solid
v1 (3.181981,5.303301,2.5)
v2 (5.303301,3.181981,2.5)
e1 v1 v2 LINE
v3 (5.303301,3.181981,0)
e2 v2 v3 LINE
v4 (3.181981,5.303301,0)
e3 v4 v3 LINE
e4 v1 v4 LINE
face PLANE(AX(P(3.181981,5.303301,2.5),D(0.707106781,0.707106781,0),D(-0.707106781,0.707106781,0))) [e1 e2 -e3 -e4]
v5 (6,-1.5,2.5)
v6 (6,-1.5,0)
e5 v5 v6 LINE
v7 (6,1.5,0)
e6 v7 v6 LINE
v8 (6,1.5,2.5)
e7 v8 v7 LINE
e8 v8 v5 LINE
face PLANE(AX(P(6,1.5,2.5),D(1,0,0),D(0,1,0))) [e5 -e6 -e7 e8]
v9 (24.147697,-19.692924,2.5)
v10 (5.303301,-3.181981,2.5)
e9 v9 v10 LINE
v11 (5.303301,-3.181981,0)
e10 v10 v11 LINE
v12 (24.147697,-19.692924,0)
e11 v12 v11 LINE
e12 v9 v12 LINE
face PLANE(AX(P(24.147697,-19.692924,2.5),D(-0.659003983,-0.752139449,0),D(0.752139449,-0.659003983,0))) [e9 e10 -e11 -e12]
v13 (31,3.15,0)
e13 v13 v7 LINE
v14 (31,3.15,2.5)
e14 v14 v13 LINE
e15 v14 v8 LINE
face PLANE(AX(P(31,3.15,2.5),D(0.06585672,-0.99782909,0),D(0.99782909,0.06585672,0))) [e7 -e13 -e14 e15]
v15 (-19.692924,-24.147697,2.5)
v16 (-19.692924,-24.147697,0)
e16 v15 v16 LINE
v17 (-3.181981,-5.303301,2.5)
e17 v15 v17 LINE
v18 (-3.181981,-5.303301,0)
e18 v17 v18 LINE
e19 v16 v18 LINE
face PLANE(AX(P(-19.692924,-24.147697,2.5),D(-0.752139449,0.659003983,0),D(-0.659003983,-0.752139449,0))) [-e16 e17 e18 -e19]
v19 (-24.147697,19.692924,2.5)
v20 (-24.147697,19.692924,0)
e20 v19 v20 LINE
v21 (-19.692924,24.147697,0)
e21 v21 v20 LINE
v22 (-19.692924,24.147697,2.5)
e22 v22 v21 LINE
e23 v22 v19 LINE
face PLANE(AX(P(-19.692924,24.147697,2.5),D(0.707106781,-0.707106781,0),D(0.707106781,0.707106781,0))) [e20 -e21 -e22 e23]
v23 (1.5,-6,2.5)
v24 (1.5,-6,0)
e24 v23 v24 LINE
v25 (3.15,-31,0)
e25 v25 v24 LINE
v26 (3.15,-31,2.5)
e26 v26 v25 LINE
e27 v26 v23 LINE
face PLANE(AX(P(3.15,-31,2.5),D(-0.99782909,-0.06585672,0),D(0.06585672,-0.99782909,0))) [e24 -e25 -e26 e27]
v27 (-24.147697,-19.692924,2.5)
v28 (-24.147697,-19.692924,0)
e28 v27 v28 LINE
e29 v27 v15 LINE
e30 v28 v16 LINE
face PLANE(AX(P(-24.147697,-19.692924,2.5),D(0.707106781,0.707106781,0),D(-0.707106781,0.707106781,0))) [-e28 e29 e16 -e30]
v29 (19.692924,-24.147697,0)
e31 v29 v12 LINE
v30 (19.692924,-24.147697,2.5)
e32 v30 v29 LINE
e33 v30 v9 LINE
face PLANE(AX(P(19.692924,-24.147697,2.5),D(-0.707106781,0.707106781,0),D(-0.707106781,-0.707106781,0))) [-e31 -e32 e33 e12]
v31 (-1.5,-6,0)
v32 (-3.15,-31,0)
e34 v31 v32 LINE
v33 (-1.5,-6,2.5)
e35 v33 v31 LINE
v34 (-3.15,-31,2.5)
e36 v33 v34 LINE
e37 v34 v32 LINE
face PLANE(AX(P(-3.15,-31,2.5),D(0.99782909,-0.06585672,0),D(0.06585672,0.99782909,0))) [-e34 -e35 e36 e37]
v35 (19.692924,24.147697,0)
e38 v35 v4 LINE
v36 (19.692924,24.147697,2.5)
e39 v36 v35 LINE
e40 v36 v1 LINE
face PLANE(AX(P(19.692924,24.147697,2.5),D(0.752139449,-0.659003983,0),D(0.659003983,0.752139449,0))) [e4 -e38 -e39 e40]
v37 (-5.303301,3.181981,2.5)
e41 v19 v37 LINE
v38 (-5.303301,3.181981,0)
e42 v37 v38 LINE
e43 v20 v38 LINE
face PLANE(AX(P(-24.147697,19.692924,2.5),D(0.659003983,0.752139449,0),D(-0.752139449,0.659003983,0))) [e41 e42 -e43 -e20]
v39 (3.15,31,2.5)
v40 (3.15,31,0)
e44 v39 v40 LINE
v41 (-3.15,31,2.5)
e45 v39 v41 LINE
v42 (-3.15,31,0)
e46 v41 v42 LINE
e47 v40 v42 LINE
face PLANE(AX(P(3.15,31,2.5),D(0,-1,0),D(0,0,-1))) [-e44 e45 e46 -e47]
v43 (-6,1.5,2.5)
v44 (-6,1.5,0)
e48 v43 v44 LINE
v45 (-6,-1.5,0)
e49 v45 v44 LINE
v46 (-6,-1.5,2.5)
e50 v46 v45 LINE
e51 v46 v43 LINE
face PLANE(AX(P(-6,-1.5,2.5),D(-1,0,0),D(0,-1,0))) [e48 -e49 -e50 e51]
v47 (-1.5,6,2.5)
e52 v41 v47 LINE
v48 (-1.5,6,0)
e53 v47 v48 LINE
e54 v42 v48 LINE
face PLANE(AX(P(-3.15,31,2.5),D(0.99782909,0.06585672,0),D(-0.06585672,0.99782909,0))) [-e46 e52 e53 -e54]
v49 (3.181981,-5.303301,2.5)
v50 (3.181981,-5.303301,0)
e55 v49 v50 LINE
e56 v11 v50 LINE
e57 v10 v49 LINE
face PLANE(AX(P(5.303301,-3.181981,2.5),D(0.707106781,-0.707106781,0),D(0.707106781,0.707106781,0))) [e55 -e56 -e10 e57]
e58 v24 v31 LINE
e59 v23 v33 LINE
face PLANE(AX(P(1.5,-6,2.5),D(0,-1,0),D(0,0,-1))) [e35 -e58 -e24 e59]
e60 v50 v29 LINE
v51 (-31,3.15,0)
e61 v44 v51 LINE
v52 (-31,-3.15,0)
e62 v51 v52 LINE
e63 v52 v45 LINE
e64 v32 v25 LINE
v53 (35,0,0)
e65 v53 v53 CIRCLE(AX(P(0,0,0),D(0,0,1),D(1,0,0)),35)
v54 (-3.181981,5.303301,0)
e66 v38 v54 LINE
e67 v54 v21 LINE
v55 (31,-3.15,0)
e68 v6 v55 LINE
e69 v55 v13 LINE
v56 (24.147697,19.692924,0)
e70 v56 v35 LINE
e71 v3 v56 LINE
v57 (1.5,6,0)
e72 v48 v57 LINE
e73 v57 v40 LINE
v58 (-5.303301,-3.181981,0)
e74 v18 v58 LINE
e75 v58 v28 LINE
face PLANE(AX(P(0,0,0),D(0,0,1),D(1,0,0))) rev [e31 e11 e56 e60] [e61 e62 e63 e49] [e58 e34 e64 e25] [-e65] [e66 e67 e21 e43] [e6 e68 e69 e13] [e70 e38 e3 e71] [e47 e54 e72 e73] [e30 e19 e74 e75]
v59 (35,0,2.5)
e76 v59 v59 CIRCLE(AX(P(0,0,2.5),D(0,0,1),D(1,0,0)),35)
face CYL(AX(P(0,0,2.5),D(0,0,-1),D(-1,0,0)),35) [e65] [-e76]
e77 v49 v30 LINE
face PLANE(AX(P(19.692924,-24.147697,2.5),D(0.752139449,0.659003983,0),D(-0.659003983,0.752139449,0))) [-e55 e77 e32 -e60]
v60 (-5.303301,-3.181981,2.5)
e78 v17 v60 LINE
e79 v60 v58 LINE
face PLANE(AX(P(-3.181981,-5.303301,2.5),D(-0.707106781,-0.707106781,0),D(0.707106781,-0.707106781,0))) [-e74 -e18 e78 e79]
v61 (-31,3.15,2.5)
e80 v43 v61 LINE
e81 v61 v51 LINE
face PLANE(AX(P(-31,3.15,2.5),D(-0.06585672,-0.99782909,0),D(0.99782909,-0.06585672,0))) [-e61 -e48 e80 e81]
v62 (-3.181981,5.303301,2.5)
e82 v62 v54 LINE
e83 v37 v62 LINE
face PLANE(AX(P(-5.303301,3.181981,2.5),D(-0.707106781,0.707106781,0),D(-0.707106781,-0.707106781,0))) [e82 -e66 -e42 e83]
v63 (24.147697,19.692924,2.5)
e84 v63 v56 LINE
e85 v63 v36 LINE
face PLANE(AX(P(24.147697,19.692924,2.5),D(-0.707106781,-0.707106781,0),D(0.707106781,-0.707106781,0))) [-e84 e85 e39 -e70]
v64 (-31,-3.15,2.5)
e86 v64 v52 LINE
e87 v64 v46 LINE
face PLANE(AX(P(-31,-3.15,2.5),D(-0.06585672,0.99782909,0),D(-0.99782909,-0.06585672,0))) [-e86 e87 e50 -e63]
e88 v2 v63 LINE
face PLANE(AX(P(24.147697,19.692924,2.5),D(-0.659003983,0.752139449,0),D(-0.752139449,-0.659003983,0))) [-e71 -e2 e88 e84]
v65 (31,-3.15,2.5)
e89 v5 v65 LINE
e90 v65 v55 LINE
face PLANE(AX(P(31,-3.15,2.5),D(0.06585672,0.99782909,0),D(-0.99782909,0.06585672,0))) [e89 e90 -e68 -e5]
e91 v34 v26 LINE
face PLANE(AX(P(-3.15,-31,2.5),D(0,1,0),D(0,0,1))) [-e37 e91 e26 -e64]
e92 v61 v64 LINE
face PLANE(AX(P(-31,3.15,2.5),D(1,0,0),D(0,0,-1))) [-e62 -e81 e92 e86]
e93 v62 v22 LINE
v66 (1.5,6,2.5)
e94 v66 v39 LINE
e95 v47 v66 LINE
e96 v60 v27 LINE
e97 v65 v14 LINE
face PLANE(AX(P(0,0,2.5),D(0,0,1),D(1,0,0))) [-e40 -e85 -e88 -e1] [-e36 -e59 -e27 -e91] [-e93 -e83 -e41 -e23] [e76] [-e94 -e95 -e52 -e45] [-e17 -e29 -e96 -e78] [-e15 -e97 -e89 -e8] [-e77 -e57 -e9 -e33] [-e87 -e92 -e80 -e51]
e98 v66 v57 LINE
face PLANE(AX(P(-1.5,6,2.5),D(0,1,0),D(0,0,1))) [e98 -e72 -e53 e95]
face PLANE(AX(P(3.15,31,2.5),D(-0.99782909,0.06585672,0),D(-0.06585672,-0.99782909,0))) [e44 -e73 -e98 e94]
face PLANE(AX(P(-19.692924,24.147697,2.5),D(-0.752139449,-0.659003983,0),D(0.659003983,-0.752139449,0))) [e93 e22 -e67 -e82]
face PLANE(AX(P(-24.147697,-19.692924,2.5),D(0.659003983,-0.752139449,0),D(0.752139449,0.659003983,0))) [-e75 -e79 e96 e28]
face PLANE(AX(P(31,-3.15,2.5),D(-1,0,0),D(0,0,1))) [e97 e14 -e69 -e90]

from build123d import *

# Parameters (mm, degrees)
SKETCH1_R           = 35
BOSS_EXTRUDE1_DEPTH = 2.5


with BuildPart() as part:
    # Sketch1 → Boss-Extrude1 (new body)
    with BuildSketch(Plane.XY):
        Circle(SKETCH1_R)
        Polygon((3.15, 31), (-3.15, 31), (-1.5, 6), (1.5, 6), align=None, mode=Mode.SUBTRACT)
        Polygon((19.692923856, 24.147696578), (3.181980515, 5.303300859), (5.303300859, 3.181980515), (24.147696578, 19.692923856), align=None, mode=Mode.SUBTRACT)
        Polygon((31, 3.15), (6, 1.5), (6, -1.5), (31, -3.15), align=None, mode=Mode.SUBTRACT)
        Polygon((24.147696578, -19.692923856), (5.303300859, -3.181980515), (3.181980515, -5.303300859), (19.692923856, -24.147696578), align=None, mode=Mode.SUBTRACT)
        Polygon((3.15, -31), (1.5, -6), (-1.5, -6), (-3.15, -31), align=None, mode=Mode.SUBTRACT)
        Polygon((-19.692923856, -24.147696578), (-3.181980515, -5.303300859), (-5.303300859, -3.181980515), (-24.147696578, -19.692923856), align=None, mode=Mode.SUBTRACT)
        Polygon((-31, -3.15), (-6, -1.5), (-6, 1.5), (-31, 3.15), align=None, mode=Mode.SUBTRACT)
        Polygon((-24.147696578, 19.692923856), (-5.303300859, 3.181980515), (-3.181980515, 5.303300859), (-19.692923856, 24.147696578), align=None, mode=Mode.SUBTRACT)
    extrude(amount=BOSS_EXTRUDE1_DEPTH)


solid = part.part
